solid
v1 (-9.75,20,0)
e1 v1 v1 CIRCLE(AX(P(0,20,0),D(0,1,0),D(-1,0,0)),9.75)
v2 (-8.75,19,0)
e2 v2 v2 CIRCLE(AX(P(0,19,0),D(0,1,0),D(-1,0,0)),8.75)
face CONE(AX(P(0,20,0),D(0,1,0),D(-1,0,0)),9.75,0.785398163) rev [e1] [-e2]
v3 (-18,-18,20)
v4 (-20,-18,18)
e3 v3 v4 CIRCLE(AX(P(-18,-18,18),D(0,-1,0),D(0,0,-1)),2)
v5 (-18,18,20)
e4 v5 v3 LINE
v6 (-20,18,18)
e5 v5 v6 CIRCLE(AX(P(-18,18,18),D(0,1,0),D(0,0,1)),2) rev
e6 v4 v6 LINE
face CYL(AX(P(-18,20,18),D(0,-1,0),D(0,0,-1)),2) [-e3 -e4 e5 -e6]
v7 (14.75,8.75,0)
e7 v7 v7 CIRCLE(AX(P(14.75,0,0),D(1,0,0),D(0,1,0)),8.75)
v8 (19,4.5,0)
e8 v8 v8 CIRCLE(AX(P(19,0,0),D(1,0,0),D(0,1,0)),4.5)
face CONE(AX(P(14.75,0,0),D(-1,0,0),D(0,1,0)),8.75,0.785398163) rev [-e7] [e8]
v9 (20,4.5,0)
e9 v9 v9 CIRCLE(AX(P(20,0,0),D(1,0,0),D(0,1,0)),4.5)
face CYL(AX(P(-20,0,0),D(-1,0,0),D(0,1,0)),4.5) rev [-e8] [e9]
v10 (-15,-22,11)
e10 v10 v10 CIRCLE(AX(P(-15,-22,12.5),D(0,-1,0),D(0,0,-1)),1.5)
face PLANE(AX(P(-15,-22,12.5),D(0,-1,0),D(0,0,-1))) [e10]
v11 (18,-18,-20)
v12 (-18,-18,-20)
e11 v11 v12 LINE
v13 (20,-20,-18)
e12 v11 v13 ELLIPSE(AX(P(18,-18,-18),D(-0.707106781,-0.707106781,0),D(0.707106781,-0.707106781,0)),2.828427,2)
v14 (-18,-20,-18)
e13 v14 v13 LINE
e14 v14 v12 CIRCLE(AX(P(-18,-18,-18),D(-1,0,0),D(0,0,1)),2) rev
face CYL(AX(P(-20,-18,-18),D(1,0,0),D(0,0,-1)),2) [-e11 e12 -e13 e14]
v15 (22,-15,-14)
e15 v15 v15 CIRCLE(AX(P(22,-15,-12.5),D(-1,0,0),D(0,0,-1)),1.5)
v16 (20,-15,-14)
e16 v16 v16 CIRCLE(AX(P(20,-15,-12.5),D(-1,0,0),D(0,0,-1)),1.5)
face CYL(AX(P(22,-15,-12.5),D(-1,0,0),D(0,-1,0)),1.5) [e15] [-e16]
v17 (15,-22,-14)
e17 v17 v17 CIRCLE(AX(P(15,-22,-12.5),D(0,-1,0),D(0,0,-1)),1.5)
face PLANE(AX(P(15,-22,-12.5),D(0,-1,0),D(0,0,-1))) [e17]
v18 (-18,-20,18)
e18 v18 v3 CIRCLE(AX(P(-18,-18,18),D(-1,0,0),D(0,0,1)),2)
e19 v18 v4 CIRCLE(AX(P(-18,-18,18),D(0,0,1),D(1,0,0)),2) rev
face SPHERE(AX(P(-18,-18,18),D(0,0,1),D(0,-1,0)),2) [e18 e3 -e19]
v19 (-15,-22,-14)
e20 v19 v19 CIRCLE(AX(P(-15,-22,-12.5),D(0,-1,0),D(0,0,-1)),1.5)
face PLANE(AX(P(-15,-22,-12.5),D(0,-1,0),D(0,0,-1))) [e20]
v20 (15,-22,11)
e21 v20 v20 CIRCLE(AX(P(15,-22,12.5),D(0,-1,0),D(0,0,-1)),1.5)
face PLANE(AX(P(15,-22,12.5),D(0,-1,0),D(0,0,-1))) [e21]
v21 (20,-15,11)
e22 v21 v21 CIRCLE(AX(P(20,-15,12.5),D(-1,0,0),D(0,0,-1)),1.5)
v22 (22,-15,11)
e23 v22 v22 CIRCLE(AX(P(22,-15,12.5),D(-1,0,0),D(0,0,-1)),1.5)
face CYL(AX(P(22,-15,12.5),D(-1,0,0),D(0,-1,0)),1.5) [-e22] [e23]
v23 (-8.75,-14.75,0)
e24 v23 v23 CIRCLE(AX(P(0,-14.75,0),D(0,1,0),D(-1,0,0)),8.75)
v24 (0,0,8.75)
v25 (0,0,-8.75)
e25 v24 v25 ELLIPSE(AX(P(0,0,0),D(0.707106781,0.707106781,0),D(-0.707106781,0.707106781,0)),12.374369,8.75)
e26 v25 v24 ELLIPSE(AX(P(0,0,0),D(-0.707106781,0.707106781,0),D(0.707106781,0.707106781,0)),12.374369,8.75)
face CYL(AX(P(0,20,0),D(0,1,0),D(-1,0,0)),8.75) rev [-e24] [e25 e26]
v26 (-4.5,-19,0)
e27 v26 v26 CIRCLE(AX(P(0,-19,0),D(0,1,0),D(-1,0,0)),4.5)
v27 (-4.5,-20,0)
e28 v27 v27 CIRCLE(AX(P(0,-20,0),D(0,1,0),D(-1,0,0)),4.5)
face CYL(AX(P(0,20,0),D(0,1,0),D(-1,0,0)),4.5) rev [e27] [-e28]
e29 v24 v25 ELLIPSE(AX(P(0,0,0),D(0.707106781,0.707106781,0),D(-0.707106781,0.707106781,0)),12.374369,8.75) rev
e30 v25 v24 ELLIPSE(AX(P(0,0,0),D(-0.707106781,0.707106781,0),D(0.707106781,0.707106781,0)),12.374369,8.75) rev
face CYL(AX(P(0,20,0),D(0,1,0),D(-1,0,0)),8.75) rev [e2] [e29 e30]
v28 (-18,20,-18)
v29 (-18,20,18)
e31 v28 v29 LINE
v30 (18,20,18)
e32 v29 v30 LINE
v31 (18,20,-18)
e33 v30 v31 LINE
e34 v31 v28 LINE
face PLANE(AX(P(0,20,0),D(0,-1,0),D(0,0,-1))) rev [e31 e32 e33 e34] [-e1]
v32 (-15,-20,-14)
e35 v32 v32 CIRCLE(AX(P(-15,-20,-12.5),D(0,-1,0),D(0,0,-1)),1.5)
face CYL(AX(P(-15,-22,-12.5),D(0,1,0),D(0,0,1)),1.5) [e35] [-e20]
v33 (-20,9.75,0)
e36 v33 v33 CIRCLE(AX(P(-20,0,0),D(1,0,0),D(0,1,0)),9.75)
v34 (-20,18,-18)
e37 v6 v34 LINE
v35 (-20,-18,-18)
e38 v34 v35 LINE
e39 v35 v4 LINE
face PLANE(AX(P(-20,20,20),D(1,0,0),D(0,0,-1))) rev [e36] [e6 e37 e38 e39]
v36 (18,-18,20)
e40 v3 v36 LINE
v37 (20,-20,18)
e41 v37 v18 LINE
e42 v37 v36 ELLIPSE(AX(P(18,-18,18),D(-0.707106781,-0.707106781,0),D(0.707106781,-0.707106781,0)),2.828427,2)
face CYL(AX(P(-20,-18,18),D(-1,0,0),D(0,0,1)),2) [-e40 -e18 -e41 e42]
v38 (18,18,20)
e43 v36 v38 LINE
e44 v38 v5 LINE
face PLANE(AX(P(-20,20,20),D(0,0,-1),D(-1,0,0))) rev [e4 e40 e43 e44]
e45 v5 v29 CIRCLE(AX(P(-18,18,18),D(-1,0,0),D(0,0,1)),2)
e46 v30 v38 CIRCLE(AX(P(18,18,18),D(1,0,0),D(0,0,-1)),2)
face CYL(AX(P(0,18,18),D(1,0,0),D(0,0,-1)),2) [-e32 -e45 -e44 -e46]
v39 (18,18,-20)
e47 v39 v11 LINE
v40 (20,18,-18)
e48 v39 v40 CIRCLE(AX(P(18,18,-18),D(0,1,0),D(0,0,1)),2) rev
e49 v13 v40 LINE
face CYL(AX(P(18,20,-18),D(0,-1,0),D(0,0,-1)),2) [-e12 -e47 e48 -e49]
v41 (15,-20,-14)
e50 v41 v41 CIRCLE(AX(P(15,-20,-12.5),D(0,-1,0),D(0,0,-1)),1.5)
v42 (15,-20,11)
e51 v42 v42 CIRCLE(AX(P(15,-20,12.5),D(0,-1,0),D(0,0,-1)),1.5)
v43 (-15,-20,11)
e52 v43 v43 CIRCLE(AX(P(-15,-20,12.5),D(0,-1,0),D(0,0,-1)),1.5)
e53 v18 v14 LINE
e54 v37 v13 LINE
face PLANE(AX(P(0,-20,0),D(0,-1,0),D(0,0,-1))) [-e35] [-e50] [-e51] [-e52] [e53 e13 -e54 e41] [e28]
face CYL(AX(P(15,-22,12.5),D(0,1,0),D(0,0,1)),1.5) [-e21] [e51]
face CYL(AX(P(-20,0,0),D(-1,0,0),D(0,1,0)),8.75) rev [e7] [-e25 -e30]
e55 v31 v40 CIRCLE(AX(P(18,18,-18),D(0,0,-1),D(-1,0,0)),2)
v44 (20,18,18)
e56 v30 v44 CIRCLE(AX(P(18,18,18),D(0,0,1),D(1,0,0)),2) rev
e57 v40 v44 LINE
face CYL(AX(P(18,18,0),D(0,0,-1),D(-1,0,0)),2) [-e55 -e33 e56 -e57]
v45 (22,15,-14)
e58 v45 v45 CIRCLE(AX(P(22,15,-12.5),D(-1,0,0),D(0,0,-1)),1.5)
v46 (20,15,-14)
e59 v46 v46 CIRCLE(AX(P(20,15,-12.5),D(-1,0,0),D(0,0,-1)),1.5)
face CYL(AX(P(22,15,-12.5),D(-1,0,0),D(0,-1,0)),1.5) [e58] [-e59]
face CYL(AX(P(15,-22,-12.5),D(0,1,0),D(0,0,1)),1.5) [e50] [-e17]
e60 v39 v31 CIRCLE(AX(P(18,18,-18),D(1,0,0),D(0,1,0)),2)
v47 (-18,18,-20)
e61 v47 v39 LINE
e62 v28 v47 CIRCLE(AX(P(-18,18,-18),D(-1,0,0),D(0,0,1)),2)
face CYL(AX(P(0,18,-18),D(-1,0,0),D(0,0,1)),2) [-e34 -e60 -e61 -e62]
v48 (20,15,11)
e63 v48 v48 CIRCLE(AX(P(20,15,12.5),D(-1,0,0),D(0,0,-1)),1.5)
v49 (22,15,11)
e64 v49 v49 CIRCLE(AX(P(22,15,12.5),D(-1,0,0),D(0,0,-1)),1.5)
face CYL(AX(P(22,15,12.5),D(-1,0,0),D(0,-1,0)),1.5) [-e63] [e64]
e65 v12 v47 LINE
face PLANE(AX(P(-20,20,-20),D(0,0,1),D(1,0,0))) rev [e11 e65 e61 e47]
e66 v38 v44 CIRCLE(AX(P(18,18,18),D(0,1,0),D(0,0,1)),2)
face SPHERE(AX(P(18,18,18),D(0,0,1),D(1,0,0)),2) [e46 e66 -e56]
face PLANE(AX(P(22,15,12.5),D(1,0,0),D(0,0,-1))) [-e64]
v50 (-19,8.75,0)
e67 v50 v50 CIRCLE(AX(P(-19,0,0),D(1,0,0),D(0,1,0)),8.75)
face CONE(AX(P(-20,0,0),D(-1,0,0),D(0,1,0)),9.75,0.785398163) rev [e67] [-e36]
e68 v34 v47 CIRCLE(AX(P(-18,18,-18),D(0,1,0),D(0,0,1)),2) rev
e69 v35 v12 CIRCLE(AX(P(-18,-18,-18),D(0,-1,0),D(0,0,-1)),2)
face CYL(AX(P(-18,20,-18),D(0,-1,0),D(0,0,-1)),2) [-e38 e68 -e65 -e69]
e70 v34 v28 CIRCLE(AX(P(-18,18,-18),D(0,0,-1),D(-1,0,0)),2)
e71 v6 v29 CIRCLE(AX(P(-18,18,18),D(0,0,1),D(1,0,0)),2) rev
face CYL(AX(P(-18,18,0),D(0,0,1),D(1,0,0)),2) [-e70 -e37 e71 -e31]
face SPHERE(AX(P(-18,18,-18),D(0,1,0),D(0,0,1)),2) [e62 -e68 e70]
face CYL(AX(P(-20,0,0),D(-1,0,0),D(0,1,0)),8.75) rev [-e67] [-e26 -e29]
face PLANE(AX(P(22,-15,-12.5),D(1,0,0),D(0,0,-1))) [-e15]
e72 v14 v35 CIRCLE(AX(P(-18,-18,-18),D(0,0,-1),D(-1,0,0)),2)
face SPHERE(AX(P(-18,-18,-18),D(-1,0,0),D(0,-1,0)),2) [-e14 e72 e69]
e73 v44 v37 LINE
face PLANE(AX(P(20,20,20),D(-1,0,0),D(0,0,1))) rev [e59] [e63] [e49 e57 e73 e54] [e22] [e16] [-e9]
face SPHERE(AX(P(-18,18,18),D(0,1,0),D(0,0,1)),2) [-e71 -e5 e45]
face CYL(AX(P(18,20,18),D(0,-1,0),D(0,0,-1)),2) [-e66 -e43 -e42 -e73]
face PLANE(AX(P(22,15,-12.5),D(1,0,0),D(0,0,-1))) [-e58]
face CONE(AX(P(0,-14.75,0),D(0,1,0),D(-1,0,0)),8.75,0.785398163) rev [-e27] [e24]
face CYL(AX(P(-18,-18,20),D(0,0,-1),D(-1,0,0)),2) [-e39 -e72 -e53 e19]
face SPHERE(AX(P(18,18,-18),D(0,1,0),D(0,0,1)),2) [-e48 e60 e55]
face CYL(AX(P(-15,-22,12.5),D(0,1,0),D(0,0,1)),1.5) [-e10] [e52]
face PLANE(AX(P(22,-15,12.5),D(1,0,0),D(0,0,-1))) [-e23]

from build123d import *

# Parameters (mm, degrees)
SKETCH_1_W      = 40
SKETCH_1_H      = 40
EXTRUDE_1_DEPTH = 20
SKETCH_5_R      = 1.5
EXTRUDE_2_DEPTH = 2
FILLET_1_R      = 2


with BuildPart() as part:
    # Эскиз1 → Бобышка-Вытянуть1 (new body, symmetric)
    with BuildSketch(Plane(origin=(0, 0, 0), x_dir=(1, 0, 0), z_dir=(0, 1, 0))):
        Rectangle(SKETCH_1_W, SKETCH_1_H)
    extrude(amount=EXTRUDE_1_DEPTH, both=True)

    # Эскиз4 → Вырез-Повернуть1 (revolve, cut)
    with BuildSketch(Plane.XY):
        Polygon((-4.5, -20), (-4.5, -19), (-8.75, -14.75), (-8.75, 19), (-9.75, 20), (0, 20), (0, -20), align=None)
    cut_revolve_1 = revolve(axis=Axis((0, 20, 0), (0, -1, 0)), mode=Mode.SUBTRACT)

    # Эскиз5 → Бобышка-Вытянуть2 (add)
    with BuildSketch(Plane.XZ.offset(20)):
        with Locations(Location((-15, 12.5, 0), (0, 0, 270))):  # turned: the seam where the file's is
            Circle(SKETCH_5_R)
        with Locations(Location((-15, -12.5, 0), (0, 0, 270))):  # turned: the seam where the file's is
            Circle(SKETCH_5_R)
        with Locations(Location((15, -12.5, 0), (0, 0, 270))):  # turned: the seam where the file's is
            Circle(SKETCH_5_R)
        with Locations(Location((15, 12.5, 0), (0, 0, 270))):  # turned: the seam where the file's is
            Circle(SKETCH_5_R)
    extrude_2 = extrude(amount=EXTRUDE_2_DEPTH)

    # Зеркальное отражение1: Вырез-Повернуть1, Бобышка-Вытянуть2 across plane
    add(cut_revolve_1.mirror(Plane(origin=(0, 0, 0), x_dir=(0, 0, 1), z_dir=(0.707106781, 0.707106781, 0))), mode=Mode.SUBTRACT)
    add(extrude_2.mirror(Plane(origin=(0, 0, 0), x_dir=(0, 0, 1), z_dir=(0.707106781, 0.707106781, 0))))

    # Скругление1
    fillet_1_edges = [part.edges().sort_by_distance(p)[0] for p in [
        (-20, 20, 0),
        (0, 20, 20),
        (20, 20, 0),
        (0, -20, 20),
        (-20, -20, 0),
        (0, -20, -20),
        (20, 0, 20),
        (-20, 0, 20),
        (-20, 0, -20),
        (20, 0, -20),
        (0, 20, -20),
    ]]
    fillet(fillet_1_edges, radius=FILLET_1_R)


solid = part.part
